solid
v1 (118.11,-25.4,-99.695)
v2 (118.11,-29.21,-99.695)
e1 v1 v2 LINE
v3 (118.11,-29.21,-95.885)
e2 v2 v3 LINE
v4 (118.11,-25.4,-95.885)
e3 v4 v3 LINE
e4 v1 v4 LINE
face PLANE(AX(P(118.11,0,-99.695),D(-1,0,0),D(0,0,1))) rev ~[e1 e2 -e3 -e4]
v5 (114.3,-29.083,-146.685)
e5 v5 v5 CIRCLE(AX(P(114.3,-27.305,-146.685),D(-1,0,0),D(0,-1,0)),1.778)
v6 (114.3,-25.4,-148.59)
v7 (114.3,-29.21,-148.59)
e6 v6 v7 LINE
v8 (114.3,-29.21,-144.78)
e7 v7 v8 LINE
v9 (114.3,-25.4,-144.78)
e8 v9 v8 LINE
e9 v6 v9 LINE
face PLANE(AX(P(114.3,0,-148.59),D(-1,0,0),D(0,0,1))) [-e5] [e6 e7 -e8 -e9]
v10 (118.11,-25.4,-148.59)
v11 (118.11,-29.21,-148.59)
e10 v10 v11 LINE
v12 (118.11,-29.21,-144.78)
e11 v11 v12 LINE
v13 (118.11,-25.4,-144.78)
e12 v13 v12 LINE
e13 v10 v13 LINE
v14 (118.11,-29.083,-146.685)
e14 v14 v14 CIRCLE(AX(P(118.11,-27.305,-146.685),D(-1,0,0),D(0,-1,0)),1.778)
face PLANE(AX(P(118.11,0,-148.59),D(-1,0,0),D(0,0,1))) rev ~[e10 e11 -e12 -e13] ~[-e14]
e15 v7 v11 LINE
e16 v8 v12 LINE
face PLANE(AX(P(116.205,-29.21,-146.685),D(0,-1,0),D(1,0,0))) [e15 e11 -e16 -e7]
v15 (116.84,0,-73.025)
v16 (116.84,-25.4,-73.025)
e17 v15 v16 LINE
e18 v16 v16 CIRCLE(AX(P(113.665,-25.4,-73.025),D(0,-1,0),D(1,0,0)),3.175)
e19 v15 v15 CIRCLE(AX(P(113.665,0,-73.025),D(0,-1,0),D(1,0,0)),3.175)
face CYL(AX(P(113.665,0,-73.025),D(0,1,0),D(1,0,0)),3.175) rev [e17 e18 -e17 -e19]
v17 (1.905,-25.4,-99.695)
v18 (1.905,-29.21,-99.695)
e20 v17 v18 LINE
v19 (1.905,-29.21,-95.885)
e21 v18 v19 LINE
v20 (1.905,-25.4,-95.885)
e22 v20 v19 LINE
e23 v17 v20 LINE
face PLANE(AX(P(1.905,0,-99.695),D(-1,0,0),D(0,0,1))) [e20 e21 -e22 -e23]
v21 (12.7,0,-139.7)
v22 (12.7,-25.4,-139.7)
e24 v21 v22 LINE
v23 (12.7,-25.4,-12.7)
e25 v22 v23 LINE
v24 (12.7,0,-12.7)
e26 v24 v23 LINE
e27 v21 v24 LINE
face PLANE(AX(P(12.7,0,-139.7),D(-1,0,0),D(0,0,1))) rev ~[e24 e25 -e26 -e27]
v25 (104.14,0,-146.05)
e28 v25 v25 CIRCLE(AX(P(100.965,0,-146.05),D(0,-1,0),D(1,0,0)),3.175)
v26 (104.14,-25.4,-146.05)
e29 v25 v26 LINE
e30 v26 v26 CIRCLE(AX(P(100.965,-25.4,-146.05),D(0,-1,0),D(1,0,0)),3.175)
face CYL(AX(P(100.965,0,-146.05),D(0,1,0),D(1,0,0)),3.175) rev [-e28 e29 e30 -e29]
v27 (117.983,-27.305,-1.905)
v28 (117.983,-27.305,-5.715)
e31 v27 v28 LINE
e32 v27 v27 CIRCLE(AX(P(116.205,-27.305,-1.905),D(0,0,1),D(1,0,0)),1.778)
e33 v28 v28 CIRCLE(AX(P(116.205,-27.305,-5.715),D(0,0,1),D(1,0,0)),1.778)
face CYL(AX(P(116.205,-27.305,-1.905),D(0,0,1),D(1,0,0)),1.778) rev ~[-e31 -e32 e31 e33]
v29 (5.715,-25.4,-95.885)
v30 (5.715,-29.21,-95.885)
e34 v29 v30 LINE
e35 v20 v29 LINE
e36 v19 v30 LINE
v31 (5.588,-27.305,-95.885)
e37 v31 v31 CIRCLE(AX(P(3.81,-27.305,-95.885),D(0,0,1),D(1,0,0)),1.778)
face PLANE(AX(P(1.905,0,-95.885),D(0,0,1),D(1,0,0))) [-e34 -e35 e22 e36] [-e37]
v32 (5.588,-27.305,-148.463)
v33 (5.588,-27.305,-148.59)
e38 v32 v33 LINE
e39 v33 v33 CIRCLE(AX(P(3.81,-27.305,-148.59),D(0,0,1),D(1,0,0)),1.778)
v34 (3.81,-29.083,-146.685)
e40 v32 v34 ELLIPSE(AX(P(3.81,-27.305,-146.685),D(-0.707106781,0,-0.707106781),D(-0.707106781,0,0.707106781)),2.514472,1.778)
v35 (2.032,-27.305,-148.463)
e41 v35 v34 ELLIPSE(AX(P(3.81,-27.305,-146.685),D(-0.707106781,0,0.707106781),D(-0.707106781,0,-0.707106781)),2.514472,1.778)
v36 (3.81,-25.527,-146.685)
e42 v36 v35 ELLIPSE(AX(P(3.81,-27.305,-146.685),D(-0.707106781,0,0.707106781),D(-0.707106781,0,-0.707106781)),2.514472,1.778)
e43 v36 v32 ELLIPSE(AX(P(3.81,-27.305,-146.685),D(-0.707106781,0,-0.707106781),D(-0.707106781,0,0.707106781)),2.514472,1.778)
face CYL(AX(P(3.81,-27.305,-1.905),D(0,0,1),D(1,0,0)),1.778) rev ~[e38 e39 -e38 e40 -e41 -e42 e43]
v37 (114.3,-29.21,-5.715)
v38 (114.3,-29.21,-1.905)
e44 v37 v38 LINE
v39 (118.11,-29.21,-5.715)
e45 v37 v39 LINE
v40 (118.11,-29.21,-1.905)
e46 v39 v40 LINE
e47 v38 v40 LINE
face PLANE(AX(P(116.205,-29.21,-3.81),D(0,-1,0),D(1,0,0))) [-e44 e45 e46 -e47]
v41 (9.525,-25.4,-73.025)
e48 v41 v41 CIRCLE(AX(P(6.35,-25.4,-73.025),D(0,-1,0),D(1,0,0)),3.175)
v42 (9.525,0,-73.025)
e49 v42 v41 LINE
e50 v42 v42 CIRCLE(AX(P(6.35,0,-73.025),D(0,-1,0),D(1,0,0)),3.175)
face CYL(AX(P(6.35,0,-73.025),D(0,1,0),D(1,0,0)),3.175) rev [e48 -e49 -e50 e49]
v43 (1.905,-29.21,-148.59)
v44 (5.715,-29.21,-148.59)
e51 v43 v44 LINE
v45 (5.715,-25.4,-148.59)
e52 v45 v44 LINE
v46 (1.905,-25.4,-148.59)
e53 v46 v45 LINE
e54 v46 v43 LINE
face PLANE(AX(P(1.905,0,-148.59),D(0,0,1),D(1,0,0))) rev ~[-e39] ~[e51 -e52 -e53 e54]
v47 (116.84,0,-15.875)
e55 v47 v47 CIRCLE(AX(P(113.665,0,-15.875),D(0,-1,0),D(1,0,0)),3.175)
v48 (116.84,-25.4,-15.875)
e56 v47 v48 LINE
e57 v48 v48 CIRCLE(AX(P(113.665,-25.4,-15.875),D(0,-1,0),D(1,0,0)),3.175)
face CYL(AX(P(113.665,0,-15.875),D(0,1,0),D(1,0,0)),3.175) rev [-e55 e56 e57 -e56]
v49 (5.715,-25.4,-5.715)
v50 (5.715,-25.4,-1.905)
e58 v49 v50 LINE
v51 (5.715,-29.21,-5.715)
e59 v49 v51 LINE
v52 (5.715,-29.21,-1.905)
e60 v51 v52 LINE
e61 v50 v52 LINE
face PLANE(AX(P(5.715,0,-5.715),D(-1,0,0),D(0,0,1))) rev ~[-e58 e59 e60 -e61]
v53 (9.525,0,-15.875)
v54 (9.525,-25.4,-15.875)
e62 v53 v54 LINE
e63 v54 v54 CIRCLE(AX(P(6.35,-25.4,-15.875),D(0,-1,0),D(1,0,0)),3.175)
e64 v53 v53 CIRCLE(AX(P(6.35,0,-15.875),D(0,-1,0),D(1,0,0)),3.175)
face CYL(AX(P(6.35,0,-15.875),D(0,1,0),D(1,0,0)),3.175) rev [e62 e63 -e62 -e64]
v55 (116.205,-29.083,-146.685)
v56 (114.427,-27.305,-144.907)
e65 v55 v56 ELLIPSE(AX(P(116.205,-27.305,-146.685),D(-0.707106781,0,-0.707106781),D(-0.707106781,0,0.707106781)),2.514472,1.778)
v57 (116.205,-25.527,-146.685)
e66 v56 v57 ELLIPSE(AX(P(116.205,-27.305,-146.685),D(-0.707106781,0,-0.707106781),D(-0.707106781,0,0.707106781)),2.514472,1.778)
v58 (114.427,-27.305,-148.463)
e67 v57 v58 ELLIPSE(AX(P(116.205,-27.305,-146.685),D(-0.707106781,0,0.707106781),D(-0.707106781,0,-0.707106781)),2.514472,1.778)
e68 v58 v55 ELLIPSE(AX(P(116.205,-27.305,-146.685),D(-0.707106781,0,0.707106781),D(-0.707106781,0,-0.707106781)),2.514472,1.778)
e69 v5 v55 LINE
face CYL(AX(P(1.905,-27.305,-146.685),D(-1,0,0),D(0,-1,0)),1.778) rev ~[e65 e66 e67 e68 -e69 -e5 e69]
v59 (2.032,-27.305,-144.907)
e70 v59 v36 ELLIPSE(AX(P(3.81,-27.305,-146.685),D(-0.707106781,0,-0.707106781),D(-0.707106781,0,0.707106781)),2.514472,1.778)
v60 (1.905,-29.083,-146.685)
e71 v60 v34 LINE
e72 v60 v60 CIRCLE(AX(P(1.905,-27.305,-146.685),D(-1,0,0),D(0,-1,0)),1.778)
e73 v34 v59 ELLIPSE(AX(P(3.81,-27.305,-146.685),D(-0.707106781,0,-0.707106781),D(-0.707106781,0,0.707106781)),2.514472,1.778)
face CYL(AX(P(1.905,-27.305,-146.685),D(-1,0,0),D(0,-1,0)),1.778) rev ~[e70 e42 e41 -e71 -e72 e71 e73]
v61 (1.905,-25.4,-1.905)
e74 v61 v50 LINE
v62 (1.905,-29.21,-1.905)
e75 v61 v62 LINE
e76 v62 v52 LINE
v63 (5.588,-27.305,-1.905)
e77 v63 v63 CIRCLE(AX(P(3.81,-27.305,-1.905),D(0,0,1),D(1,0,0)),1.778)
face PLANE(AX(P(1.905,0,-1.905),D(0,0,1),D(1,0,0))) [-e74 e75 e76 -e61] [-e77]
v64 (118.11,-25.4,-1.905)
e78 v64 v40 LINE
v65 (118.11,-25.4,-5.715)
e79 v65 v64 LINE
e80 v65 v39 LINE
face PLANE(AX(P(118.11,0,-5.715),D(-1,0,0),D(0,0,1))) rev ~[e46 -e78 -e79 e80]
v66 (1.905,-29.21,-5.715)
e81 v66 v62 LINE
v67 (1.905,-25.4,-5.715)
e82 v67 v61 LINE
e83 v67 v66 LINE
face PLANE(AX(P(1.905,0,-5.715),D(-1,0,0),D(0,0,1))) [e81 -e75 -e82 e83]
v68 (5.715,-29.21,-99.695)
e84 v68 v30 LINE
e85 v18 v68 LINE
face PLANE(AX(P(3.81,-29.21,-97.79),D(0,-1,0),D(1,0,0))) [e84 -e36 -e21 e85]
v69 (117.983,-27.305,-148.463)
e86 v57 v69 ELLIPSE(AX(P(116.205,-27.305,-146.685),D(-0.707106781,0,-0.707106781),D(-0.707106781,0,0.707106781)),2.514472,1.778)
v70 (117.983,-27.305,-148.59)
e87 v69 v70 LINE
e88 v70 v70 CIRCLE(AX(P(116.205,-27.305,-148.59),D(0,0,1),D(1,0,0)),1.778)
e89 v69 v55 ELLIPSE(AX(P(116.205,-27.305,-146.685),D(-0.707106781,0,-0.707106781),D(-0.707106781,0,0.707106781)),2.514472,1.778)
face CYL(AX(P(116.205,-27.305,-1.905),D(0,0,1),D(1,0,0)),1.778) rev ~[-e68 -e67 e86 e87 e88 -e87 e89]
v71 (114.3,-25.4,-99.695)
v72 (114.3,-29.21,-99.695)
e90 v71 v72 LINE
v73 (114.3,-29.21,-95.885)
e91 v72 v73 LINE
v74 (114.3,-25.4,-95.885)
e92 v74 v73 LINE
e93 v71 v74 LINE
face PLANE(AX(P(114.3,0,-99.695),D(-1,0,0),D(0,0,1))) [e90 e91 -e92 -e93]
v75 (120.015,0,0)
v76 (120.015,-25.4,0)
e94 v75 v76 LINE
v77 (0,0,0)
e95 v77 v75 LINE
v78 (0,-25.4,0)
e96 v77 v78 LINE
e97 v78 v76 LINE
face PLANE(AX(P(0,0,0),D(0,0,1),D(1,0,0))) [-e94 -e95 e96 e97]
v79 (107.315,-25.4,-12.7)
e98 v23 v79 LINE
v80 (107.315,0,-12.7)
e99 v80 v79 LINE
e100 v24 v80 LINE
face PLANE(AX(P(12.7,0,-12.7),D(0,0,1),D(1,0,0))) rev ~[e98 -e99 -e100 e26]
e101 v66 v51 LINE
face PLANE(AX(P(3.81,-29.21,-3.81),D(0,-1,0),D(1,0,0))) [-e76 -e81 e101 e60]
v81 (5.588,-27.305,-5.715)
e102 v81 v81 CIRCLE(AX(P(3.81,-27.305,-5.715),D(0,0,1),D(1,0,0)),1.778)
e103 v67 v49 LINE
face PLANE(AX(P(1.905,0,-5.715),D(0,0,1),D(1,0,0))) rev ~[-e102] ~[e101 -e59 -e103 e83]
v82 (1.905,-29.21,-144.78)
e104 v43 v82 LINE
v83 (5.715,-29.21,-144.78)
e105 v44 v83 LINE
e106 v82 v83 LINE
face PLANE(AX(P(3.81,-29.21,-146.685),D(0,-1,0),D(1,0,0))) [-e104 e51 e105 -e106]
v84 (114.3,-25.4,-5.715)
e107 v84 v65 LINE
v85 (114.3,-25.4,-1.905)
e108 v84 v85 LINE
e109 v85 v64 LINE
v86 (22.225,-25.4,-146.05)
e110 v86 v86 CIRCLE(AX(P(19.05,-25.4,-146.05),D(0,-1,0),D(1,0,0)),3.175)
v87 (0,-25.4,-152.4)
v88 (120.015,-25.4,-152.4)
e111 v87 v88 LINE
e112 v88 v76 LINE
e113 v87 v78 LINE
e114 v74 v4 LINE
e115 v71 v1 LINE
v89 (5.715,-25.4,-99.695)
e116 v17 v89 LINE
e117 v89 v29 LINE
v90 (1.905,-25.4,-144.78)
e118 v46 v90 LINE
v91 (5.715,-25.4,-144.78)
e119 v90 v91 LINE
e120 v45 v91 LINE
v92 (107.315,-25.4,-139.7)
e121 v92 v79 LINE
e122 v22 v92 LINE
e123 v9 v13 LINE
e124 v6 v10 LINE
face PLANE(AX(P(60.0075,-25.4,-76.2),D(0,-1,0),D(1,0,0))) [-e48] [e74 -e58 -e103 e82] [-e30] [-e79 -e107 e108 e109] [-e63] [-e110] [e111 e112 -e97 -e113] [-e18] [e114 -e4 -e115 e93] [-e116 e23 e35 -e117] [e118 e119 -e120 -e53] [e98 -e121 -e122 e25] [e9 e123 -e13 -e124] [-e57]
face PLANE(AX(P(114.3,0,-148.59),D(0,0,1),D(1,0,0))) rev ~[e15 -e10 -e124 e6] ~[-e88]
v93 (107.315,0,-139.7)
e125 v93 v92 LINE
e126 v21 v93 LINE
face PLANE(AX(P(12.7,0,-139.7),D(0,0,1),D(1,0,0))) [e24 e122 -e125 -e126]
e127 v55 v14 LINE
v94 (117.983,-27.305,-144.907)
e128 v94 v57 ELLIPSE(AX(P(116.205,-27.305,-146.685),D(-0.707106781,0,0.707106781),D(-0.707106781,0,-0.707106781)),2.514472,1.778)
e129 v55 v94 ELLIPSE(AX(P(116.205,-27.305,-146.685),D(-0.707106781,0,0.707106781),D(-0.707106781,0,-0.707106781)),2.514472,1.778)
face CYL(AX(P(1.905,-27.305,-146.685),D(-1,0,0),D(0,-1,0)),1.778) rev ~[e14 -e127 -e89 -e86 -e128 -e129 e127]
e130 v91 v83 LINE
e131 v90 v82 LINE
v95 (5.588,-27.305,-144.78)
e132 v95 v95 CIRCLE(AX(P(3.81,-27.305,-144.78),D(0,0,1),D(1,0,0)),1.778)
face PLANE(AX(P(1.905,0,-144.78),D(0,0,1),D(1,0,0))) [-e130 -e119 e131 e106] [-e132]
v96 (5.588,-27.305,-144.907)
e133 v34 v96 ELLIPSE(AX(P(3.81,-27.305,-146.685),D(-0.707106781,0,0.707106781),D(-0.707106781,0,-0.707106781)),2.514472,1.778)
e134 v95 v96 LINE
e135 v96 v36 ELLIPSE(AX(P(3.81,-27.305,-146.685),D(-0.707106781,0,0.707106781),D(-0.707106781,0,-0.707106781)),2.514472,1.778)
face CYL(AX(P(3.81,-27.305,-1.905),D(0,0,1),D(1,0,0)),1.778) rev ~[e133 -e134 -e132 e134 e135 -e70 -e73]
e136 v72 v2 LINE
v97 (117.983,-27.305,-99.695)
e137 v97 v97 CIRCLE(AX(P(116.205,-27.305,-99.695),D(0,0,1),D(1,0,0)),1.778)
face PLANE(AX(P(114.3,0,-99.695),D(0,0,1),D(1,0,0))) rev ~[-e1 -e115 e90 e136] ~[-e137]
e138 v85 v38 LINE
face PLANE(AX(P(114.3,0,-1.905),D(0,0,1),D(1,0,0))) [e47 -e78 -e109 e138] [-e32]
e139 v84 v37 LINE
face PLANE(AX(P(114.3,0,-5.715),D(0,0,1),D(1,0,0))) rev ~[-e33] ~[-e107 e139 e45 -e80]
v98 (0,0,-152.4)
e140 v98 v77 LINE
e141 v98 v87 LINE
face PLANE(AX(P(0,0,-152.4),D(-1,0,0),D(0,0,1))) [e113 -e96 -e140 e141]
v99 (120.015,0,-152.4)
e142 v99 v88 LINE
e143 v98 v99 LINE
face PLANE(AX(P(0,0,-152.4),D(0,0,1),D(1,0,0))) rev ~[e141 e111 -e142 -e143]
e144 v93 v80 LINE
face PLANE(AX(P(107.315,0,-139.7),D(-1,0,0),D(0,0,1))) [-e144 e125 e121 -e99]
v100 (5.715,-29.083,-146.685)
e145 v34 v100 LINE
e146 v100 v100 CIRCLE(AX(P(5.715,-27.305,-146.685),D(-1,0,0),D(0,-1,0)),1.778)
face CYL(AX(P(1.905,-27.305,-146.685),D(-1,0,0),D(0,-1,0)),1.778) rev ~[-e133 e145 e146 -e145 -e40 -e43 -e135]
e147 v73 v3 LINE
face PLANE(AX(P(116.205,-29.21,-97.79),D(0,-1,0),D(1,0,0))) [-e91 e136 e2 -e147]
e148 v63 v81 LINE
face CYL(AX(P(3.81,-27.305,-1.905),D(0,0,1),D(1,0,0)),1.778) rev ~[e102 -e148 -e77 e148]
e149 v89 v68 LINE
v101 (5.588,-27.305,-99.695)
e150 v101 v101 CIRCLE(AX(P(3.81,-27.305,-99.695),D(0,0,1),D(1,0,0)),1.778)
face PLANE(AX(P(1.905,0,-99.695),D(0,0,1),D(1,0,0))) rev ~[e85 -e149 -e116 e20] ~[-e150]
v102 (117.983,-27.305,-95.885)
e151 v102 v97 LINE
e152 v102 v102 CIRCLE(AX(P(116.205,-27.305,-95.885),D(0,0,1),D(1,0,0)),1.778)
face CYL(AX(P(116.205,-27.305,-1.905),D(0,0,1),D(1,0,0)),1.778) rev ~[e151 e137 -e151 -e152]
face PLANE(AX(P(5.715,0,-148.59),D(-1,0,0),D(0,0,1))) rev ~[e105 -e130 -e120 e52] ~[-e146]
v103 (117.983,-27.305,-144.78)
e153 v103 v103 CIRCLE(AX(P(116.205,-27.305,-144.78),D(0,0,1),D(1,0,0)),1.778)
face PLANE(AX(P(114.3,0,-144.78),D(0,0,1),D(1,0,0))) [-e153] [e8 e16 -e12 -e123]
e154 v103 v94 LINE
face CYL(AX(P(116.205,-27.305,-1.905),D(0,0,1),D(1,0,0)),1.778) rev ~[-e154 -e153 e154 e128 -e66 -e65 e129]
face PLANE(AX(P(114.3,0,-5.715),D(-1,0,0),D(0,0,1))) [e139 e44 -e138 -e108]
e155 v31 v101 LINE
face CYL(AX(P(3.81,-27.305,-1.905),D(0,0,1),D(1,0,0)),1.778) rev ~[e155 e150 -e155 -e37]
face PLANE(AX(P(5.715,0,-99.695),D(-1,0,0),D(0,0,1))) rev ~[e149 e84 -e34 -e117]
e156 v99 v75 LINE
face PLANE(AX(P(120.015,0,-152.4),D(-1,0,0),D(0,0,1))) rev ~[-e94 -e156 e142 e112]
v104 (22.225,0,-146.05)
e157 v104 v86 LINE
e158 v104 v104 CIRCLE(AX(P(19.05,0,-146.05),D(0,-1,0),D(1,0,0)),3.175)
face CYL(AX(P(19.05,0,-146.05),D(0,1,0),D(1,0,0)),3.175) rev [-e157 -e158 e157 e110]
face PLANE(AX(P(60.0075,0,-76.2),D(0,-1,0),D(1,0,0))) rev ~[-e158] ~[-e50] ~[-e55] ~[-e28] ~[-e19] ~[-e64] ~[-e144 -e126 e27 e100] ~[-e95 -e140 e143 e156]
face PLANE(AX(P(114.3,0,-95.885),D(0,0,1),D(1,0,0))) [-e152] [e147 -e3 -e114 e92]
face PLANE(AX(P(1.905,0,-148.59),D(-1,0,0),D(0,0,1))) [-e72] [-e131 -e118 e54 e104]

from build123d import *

# Parameters (mm, degrees)
F0_W     = 120.015
F0_H     = 152.4
F0_W_2   = 3.81
F0_H_2   = 3.81
F0_R     = 3.175
F0_W_3   = 94.615
F0_H_3   = 127
F1_DEPTH = 25.4
F2_DEPTH = 29.21
F3_R     = 1.778
F4_DEPTH = 118.111
F5_DEPTH = 29.21
F6_R     = 1.778
F7_DEPTH = 150.496
F8_R     = 1.778
F9_DEPTH = 150.496


with BuildPart() as f1:
    # F0 (on Front) → F1 (new body)
    with BuildSketch(Plane.XZ):
        with Locations((60.0075, -76.2)):
            Rectangle(F0_W, F0_H)
        with Locations((3.81, -146.685)):
            Rectangle(F0_W_2, F0_H_2, mode=Mode.SUBTRACT)
        with Locations((19.05, -146.05)):
            Circle(F0_R, mode=Mode.SUBTRACT)
        with Locations((3.81, -97.79)):
            Rectangle(F0_W_2, F0_H_2, mode=Mode.SUBTRACT)
        with Locations((100.965, -146.05)):
            Circle(F0_R, mode=Mode.SUBTRACT)
        with Locations((116.205, -146.685)):
            Rectangle(F0_W_2, F0_H_2, mode=Mode.SUBTRACT)
        with Locations((116.205, -97.79)):
            Rectangle(F0_W_2, F0_H_2, mode=Mode.SUBTRACT)
        with Locations((6.35, -73.025)):
            Circle(F0_R, mode=Mode.SUBTRACT)
        with Locations((60.0075, -76.2)):
            Rectangle(F0_W_3, F0_H_3, mode=Mode.SUBTRACT)
        with Locations((6.35, -15.875)):
            Circle(F0_R, mode=Mode.SUBTRACT)
        with Locations((3.81, -3.81)):
            Rectangle(F0_W_2, F0_H_2, mode=Mode.SUBTRACT)
        with Locations((113.665, -73.025)):
            Circle(F0_R, mode=Mode.SUBTRACT)
        with Locations((113.665, -15.875)):
            Circle(F0_R, mode=Mode.SUBTRACT)
        with Locations((116.205, -3.81)):
            Rectangle(F0_W_2, F0_H_2, mode=Mode.SUBTRACT)
    extrude(amount=F1_DEPTH)

    # F0 (on Front) → F2 (join)
    with BuildSketch(Plane.XZ):
        with Locations((116.205, -146.685)):
            Rectangle(F0_W_2, F0_H_2)
        with Locations((3.81, -146.685)):
            Rectangle(F0_W_2, F0_H_2)
    extrude(amount=F2_DEPTH)

    # F3 (on face) → F4 (cut, through all)
    with BuildSketch(Plane(origin=(1.905, 0, 0), x_dir=(0, -1, 0), z_dir=(-1, 0, 0))):
        with Locations((27.305, -146.685)):
            Circle(F3_R)
    extrude(amount=-F4_DEPTH, mode=Mode.SUBTRACT)

    # F0 (on Front) → F5 (join)
    with BuildSketch(Plane.XZ):
        with Locations((116.205, -97.79)):
            Rectangle(F0_W_2, F0_H_2)
        with Locations((116.205, -3.81)):
            Rectangle(F0_W_2, F0_H_2)
        with Locations((3.81, -3.81)):
            Rectangle(F0_W_2, F0_H_2)
        with Locations((3.81, -97.79)):
            Rectangle(F0_W_2, F0_H_2)
    extrude(amount=F5_DEPTH)

    # F6 (on face) → F7 (cut, through all)
    with BuildSketch(Plane.XY.offset(-1.905)):
        with Locations((3.81, -27.305)):
            Circle(F6_R)
    extrude(amount=-F7_DEPTH, mode=Mode.SUBTRACT)

    # F8 (on face) → F9 (cut, through all)
    with BuildSketch(Plane.XY.offset(-1.905)):
        with Locations((116.205, -27.305)):
            Circle(F8_R)
    extrude(amount=-F9_DEPTH, mode=Mode.SUBTRACT)


solid = f1.part
